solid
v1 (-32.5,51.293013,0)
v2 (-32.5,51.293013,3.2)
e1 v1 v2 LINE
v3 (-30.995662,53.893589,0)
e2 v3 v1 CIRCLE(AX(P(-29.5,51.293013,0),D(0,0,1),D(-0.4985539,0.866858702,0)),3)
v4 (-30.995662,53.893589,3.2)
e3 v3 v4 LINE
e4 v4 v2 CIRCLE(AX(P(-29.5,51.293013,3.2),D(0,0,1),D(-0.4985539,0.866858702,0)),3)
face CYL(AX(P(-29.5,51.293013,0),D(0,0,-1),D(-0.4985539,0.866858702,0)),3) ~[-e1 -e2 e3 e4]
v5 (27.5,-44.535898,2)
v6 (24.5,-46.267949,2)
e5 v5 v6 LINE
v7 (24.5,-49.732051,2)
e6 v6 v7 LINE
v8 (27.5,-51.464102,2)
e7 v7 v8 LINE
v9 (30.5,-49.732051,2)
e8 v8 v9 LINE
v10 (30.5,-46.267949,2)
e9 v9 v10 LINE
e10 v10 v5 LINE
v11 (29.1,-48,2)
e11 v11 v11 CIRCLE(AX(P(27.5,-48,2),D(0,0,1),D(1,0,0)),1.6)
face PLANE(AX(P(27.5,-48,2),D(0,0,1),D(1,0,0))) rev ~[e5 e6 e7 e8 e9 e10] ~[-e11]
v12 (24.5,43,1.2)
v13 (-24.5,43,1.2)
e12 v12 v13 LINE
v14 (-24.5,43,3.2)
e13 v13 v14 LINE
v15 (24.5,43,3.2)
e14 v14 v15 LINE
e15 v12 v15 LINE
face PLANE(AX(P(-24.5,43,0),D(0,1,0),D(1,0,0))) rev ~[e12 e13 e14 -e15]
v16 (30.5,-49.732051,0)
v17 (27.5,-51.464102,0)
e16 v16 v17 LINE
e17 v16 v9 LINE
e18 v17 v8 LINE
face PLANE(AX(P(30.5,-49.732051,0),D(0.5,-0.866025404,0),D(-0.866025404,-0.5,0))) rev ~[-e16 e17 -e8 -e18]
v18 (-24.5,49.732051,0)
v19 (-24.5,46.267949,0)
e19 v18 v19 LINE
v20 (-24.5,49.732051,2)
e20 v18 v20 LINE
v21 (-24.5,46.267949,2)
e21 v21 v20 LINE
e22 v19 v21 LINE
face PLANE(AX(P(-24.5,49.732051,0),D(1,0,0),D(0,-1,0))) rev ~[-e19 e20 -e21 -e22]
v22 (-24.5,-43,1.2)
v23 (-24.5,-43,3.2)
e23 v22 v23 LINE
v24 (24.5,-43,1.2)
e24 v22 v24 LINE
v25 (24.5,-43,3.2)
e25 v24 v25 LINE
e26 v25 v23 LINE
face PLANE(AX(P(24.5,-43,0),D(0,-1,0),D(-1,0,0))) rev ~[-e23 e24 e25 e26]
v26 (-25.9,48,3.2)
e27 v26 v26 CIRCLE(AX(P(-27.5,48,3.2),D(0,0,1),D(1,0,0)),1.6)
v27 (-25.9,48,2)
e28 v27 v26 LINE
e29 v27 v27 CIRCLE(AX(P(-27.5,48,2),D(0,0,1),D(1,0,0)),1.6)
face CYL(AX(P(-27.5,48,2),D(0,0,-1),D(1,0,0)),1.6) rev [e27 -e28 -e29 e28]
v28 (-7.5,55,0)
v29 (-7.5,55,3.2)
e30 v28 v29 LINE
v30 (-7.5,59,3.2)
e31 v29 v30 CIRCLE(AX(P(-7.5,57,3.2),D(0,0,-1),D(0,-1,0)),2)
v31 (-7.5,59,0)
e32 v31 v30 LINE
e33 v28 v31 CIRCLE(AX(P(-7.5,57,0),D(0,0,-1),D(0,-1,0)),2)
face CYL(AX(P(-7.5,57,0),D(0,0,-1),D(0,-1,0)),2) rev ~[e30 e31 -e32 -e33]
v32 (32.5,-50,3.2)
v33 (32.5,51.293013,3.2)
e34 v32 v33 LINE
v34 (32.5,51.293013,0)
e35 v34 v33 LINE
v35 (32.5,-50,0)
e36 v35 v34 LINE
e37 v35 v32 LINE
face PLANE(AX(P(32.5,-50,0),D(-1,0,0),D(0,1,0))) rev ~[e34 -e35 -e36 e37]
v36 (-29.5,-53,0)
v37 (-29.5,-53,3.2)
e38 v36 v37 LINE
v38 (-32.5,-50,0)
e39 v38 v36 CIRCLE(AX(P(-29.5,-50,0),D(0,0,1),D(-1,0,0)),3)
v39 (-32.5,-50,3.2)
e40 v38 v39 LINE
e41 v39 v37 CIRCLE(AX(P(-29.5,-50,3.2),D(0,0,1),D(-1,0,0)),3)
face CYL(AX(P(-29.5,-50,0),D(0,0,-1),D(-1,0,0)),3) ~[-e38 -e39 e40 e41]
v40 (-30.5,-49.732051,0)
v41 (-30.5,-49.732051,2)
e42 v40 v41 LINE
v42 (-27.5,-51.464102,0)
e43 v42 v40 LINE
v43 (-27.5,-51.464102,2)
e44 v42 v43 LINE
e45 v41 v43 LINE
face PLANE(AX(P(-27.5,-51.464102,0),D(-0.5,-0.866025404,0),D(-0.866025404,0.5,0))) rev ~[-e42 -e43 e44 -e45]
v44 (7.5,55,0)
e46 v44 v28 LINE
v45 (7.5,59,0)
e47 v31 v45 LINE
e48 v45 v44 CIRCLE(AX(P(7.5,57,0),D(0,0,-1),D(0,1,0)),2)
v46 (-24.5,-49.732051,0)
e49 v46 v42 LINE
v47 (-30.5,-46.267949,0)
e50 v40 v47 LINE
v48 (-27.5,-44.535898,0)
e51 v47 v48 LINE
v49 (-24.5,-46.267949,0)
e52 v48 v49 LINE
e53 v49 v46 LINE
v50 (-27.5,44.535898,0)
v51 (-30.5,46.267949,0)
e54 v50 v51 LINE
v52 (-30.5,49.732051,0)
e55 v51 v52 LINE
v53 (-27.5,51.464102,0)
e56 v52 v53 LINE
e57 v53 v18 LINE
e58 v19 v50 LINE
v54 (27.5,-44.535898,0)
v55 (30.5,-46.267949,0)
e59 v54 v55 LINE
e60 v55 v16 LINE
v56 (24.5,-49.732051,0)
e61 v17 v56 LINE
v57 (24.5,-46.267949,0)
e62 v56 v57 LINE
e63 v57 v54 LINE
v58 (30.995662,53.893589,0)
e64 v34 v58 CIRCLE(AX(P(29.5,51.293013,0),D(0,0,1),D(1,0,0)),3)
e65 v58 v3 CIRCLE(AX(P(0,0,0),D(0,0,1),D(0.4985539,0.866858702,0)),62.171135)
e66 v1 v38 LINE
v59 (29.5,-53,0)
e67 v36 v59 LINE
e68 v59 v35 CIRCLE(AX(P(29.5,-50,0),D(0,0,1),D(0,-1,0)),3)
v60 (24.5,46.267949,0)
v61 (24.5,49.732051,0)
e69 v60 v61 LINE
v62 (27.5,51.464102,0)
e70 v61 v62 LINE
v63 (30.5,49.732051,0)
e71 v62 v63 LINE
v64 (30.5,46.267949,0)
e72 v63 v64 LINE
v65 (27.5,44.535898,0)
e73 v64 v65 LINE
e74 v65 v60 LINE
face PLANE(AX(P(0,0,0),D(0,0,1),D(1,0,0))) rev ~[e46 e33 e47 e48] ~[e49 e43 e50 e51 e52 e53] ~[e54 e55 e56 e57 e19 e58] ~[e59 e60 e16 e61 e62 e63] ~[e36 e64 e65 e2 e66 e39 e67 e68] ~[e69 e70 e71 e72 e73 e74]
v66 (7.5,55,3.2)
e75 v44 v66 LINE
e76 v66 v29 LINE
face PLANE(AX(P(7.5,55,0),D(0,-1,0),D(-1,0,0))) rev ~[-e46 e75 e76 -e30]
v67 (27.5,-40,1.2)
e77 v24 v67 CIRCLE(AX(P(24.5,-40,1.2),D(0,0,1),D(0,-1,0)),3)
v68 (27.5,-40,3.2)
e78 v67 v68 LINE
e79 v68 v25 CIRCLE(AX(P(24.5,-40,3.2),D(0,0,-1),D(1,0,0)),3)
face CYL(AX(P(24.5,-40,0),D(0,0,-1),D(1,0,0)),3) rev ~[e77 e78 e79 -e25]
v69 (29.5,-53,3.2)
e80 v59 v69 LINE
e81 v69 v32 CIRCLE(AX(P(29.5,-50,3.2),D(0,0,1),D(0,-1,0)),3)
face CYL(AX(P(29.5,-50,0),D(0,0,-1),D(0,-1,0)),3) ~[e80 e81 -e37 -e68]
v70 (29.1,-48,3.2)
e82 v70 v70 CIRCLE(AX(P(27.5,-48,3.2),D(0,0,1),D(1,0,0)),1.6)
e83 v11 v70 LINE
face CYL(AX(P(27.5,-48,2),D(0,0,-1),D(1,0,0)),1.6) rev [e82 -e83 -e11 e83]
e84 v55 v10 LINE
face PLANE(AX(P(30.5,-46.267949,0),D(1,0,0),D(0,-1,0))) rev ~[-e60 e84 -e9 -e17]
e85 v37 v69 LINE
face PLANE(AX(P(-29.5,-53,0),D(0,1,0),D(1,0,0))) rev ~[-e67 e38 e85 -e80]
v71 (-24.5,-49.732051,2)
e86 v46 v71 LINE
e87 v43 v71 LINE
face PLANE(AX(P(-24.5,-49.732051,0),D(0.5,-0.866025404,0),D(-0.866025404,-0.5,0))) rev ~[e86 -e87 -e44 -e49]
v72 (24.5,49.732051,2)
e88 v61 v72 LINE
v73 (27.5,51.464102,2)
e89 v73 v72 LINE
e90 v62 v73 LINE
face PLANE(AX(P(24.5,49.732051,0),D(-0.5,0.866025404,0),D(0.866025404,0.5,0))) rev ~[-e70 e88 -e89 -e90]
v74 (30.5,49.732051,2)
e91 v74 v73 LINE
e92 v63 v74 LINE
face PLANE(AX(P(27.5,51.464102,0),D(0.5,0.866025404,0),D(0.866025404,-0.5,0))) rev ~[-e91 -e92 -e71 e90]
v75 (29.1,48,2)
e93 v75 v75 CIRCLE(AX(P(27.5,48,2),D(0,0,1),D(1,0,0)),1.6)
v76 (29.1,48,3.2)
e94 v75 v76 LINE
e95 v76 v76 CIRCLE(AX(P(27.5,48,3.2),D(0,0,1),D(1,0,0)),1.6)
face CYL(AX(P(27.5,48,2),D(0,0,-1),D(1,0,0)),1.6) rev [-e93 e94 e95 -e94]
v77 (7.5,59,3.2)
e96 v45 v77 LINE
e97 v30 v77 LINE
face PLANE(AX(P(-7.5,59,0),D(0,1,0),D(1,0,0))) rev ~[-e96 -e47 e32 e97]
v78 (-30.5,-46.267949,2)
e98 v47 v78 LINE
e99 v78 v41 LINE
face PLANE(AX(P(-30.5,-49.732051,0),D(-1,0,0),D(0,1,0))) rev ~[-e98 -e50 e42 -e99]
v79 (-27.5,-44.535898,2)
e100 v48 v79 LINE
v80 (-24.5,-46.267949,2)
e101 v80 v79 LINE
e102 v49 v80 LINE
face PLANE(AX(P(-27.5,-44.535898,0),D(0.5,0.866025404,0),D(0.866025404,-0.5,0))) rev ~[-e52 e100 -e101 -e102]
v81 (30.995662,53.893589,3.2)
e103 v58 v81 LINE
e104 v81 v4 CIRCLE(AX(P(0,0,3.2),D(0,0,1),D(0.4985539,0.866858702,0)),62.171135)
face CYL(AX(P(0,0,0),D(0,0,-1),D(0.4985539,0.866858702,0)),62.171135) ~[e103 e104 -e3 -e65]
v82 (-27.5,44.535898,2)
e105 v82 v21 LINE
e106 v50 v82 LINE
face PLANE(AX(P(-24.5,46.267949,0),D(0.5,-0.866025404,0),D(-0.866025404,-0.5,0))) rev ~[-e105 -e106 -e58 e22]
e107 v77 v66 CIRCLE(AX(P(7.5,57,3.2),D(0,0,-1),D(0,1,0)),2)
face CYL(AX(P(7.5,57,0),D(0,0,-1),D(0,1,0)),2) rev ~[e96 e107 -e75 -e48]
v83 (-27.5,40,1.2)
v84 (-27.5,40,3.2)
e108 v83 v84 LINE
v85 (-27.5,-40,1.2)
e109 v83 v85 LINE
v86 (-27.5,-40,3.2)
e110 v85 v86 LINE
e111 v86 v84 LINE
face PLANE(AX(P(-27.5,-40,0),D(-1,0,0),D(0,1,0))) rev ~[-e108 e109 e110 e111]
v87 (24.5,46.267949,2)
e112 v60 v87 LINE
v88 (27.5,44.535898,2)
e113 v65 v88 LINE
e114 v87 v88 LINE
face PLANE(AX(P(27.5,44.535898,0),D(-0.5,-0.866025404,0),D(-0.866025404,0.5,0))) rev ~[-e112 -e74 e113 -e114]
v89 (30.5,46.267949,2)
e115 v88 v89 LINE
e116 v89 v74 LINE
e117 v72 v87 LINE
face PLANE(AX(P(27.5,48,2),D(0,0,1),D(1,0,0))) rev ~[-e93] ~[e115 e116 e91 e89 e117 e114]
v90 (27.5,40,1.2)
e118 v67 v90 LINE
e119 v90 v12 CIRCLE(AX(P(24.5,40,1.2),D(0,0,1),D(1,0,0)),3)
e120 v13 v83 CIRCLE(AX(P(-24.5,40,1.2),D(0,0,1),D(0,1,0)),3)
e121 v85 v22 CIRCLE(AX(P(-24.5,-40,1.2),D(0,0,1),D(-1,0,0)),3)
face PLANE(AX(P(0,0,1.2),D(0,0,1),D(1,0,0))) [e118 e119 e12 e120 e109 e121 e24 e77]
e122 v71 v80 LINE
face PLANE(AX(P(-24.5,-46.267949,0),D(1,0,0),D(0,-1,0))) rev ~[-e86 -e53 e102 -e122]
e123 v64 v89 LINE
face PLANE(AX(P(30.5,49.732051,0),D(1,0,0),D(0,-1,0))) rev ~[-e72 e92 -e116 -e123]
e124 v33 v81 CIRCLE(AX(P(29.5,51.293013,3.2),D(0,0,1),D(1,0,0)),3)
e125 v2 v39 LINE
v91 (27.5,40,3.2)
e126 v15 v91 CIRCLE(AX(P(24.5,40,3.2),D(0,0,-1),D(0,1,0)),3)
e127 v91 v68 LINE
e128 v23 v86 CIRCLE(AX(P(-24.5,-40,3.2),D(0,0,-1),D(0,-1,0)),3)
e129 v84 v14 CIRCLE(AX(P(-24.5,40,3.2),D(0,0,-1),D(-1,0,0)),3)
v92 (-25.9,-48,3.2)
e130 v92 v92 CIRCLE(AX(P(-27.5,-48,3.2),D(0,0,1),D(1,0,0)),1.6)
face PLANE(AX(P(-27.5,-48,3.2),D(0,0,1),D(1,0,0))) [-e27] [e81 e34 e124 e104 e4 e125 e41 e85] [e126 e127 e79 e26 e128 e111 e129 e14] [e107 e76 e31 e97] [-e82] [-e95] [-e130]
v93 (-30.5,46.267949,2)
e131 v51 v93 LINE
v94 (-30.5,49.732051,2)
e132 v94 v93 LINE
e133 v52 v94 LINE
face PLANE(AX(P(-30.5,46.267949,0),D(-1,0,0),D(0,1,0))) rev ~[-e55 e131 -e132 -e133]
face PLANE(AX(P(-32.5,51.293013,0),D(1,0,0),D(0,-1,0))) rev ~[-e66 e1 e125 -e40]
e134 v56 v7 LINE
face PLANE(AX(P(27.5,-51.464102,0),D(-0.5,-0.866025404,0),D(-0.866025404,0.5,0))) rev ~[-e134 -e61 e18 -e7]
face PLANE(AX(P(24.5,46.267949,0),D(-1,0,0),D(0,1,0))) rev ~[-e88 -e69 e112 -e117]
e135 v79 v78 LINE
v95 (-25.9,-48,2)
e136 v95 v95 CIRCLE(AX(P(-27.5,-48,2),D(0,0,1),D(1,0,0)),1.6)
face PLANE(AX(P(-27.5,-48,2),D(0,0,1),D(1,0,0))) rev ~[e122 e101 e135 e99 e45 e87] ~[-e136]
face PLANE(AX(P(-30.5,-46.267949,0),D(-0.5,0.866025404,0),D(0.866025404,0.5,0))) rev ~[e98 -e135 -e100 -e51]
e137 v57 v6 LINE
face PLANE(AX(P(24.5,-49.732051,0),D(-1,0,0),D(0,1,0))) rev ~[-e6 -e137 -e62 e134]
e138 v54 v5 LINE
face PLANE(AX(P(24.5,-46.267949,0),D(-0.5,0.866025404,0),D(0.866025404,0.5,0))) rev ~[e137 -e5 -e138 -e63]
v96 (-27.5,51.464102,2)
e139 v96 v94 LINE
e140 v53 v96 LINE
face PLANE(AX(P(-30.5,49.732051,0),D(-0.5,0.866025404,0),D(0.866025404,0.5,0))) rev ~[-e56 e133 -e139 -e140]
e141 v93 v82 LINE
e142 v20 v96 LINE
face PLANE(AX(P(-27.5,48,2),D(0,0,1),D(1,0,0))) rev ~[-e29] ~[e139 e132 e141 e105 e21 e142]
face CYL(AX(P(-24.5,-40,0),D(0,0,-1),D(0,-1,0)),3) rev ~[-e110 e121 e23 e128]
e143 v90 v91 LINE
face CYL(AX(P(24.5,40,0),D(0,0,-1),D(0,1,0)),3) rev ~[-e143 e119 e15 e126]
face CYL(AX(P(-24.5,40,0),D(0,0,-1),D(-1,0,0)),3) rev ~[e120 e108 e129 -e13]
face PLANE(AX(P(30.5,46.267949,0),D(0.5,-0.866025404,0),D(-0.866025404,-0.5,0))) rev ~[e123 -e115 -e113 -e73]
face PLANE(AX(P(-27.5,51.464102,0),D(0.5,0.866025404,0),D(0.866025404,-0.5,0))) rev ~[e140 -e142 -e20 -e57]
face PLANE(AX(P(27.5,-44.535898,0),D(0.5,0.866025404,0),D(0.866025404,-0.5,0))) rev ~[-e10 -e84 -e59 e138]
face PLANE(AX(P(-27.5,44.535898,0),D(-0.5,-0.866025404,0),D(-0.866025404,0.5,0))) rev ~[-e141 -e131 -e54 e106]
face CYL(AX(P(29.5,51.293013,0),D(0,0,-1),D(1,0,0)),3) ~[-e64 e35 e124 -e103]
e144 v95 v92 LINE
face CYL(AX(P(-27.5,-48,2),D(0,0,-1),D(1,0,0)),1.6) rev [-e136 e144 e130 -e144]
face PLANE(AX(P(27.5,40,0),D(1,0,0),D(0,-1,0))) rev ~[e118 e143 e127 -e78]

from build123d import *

# Parameters (mm, degrees)
F1_DEPTH = 3.2
F2_DEPTH = 1.2
F3_START = 2
F0_R     = 1.6
F3_DEPTH = 1.2


with BuildPart() as f1:
    # F0 (on Top) → F1 (new body)
    with BuildSketch(Plane.XY):
        with BuildLine():
            Line((-32.5, 51.2930130847), (-32.5, 48))
            Line((-32.5, 48), (-32.5, -48))
            Line((-32.5, -48), (-32.5, -50))
            ThreePointArc((-32.5, -50), (-31.6213203436, -52.1213203436), (-29.5, -53))
            Line((-29.5, -53), (29.5, -53))
            ThreePointArc((29.5, -53), (31.6213203436, -52.1213203436), (32.5, -50))
            Line((32.5, -50), (32.5, -48))
            Line((32.5, -48), (32.5, 48))
            Line((32.5, 48), (32.5, 51.2930130847))
            ThreePointArc((32.5, 51.2930130847), (32.0968235498, 52.7951806689), (30.9956616994, 53.8935891904))
            ThreePointArc((30.9956616994, 53.8935891904), (0, 62.1711347813), (-30.9956616994, 53.8935891904))
            ThreePointArc((-30.9956616994, 53.8935891904), (-32.0968235498, 52.7951806689), (-32.5, 51.2930130847))
        make_face()
        Polygon((-27.5, -44.5358983849), (-24.5, -46.2679491924), (-24.5, -49.7320508076), (-27.5, -51.4641016151), (-30.5, -49.7320508076), (-30.5, -46.2679491924), align=None, mode=Mode.SUBTRACT)
        Polygon((27.5, -51.4641016151), (24.5, -49.7320508076), (24.5, -46.2679491924), (27.5, -44.5358983849), (30.5, -46.2679491924), (30.5, -49.7320508076), align=None, mode=Mode.SUBTRACT)
        with BuildLine():
            ThreePointArc((-27.5, 40), (-26.6213203436, 42.1213203436), (-24.5, 43))
            Line((-24.5, 43), (24.5, 43))
            ThreePointArc((24.5, 43), (26.6213203436, 42.1213203436), (27.5, 40))
            Line((27.5, 40), (27.5, -40))
            ThreePointArc((27.5, -40), (26.6213203436, -42.1213203436), (24.5, -43))
            Line((24.5, -43), (-24.5, -43))
            ThreePointArc((-24.5, -43), (-26.6213203436, -42.1213203436), (-27.5, -40))
            Line((-27.5, -40), (-27.5, 40))
        make_face(mode=Mode.SUBTRACT)
        Polygon((-27.5, 51.4641016151), (-24.5, 49.7320508076), (-24.5, 46.2679491924), (-27.5, 44.5358983849), (-30.5, 46.2679491924), (-30.5, 49.7320508076), align=None, mode=Mode.SUBTRACT)
        with BuildLine():
            ThreePointArc((-7.4999998324, 55), (-9.4999998324, 57), (-7.4999998324, 59))
            Line((-7.4999998324, 59), (7.5000001676, 59))
            ThreePointArc((7.5000001676, 59), (9.5000001676, 57), (7.5000001676, 55))
            Line((7.5000001676, 55), (-7.4999998324, 55))
        make_face(mode=Mode.SUBTRACT)
        Polygon((27.5, 44.5358983849), (24.5, 46.2679491924), (24.5, 49.7320508076), (27.5, 51.4641016151), (30.5, 49.7320508076), (30.5, 46.2679491924), align=None, mode=Mode.SUBTRACT)
    extrude(amount=F1_DEPTH)

    # F0 (on Top) → F2 (join)
    with BuildSketch(Plane.XY):
        with BuildLine():
            Line((24.5, 43), (-24.5, 43))
            ThreePointArc((-24.5, 43), (-26.6213203436, 42.1213203436), (-27.5, 40))
            Line((-27.5, 40), (-27.5, -40))
            ThreePointArc((-27.5, -40), (-26.6213203436, -42.1213203436), (-24.5, -43))
            Line((-24.5, -43), (24.5, -43))
            ThreePointArc((24.5, -43), (26.6213203436, -42.1213203436), (27.5, -40))
            Line((27.5, -40), (27.5, 40))
            ThreePointArc((27.5, 40), (26.6213203436, 42.1213203436), (24.5, 43))
        make_face()
    extrude(amount=F2_DEPTH)

    # F0 (on Top) → F3 (join)
    with BuildSketch(Plane.XY.offset(F3_START)):
        Polygon((-24.5, -49.7320508076), (-24.5, -46.2679491924), (-27.5, -44.5358983849), (-30.5, -46.2679491924), (-30.5, -49.7320508076), (-27.5, -51.4641016151), align=None)
        with Locations((-27.5, -48)):
            Circle(F0_R, mode=Mode.SUBTRACT)
        Polygon((24.5, -46.2679491924), (24.5, -49.7320508076), (27.5, -51.4641016151), (30.5, -49.7320508076), (30.5, -46.2679491924), (27.5, -44.5358983849), align=None)
        with Locations((27.5, -48)):
            Circle(F0_R, mode=Mode.SUBTRACT)
        Polygon((24.5, 49.7320508076), (24.5, 46.2679491924), (27.5, 44.5358983849), (30.5, 46.2679491924), (30.5, 49.7320508076), (27.5, 51.4641016151), align=None)
        with Locations((27.5, 48)):
            Circle(F0_R, mode=Mode.SUBTRACT)
        Polygon((-24.5, 46.2679491924), (-24.5, 49.7320508076), (-27.5, 51.4641016151), (-30.5, 49.7320508076), (-30.5, 46.2679491924), (-27.5, 44.5358983849), align=None)
        with Locations((-27.5, 48)):
            Circle(F0_R, mode=Mode.SUBTRACT)
    extrude(amount=F3_DEPTH)


solid = f1.part
